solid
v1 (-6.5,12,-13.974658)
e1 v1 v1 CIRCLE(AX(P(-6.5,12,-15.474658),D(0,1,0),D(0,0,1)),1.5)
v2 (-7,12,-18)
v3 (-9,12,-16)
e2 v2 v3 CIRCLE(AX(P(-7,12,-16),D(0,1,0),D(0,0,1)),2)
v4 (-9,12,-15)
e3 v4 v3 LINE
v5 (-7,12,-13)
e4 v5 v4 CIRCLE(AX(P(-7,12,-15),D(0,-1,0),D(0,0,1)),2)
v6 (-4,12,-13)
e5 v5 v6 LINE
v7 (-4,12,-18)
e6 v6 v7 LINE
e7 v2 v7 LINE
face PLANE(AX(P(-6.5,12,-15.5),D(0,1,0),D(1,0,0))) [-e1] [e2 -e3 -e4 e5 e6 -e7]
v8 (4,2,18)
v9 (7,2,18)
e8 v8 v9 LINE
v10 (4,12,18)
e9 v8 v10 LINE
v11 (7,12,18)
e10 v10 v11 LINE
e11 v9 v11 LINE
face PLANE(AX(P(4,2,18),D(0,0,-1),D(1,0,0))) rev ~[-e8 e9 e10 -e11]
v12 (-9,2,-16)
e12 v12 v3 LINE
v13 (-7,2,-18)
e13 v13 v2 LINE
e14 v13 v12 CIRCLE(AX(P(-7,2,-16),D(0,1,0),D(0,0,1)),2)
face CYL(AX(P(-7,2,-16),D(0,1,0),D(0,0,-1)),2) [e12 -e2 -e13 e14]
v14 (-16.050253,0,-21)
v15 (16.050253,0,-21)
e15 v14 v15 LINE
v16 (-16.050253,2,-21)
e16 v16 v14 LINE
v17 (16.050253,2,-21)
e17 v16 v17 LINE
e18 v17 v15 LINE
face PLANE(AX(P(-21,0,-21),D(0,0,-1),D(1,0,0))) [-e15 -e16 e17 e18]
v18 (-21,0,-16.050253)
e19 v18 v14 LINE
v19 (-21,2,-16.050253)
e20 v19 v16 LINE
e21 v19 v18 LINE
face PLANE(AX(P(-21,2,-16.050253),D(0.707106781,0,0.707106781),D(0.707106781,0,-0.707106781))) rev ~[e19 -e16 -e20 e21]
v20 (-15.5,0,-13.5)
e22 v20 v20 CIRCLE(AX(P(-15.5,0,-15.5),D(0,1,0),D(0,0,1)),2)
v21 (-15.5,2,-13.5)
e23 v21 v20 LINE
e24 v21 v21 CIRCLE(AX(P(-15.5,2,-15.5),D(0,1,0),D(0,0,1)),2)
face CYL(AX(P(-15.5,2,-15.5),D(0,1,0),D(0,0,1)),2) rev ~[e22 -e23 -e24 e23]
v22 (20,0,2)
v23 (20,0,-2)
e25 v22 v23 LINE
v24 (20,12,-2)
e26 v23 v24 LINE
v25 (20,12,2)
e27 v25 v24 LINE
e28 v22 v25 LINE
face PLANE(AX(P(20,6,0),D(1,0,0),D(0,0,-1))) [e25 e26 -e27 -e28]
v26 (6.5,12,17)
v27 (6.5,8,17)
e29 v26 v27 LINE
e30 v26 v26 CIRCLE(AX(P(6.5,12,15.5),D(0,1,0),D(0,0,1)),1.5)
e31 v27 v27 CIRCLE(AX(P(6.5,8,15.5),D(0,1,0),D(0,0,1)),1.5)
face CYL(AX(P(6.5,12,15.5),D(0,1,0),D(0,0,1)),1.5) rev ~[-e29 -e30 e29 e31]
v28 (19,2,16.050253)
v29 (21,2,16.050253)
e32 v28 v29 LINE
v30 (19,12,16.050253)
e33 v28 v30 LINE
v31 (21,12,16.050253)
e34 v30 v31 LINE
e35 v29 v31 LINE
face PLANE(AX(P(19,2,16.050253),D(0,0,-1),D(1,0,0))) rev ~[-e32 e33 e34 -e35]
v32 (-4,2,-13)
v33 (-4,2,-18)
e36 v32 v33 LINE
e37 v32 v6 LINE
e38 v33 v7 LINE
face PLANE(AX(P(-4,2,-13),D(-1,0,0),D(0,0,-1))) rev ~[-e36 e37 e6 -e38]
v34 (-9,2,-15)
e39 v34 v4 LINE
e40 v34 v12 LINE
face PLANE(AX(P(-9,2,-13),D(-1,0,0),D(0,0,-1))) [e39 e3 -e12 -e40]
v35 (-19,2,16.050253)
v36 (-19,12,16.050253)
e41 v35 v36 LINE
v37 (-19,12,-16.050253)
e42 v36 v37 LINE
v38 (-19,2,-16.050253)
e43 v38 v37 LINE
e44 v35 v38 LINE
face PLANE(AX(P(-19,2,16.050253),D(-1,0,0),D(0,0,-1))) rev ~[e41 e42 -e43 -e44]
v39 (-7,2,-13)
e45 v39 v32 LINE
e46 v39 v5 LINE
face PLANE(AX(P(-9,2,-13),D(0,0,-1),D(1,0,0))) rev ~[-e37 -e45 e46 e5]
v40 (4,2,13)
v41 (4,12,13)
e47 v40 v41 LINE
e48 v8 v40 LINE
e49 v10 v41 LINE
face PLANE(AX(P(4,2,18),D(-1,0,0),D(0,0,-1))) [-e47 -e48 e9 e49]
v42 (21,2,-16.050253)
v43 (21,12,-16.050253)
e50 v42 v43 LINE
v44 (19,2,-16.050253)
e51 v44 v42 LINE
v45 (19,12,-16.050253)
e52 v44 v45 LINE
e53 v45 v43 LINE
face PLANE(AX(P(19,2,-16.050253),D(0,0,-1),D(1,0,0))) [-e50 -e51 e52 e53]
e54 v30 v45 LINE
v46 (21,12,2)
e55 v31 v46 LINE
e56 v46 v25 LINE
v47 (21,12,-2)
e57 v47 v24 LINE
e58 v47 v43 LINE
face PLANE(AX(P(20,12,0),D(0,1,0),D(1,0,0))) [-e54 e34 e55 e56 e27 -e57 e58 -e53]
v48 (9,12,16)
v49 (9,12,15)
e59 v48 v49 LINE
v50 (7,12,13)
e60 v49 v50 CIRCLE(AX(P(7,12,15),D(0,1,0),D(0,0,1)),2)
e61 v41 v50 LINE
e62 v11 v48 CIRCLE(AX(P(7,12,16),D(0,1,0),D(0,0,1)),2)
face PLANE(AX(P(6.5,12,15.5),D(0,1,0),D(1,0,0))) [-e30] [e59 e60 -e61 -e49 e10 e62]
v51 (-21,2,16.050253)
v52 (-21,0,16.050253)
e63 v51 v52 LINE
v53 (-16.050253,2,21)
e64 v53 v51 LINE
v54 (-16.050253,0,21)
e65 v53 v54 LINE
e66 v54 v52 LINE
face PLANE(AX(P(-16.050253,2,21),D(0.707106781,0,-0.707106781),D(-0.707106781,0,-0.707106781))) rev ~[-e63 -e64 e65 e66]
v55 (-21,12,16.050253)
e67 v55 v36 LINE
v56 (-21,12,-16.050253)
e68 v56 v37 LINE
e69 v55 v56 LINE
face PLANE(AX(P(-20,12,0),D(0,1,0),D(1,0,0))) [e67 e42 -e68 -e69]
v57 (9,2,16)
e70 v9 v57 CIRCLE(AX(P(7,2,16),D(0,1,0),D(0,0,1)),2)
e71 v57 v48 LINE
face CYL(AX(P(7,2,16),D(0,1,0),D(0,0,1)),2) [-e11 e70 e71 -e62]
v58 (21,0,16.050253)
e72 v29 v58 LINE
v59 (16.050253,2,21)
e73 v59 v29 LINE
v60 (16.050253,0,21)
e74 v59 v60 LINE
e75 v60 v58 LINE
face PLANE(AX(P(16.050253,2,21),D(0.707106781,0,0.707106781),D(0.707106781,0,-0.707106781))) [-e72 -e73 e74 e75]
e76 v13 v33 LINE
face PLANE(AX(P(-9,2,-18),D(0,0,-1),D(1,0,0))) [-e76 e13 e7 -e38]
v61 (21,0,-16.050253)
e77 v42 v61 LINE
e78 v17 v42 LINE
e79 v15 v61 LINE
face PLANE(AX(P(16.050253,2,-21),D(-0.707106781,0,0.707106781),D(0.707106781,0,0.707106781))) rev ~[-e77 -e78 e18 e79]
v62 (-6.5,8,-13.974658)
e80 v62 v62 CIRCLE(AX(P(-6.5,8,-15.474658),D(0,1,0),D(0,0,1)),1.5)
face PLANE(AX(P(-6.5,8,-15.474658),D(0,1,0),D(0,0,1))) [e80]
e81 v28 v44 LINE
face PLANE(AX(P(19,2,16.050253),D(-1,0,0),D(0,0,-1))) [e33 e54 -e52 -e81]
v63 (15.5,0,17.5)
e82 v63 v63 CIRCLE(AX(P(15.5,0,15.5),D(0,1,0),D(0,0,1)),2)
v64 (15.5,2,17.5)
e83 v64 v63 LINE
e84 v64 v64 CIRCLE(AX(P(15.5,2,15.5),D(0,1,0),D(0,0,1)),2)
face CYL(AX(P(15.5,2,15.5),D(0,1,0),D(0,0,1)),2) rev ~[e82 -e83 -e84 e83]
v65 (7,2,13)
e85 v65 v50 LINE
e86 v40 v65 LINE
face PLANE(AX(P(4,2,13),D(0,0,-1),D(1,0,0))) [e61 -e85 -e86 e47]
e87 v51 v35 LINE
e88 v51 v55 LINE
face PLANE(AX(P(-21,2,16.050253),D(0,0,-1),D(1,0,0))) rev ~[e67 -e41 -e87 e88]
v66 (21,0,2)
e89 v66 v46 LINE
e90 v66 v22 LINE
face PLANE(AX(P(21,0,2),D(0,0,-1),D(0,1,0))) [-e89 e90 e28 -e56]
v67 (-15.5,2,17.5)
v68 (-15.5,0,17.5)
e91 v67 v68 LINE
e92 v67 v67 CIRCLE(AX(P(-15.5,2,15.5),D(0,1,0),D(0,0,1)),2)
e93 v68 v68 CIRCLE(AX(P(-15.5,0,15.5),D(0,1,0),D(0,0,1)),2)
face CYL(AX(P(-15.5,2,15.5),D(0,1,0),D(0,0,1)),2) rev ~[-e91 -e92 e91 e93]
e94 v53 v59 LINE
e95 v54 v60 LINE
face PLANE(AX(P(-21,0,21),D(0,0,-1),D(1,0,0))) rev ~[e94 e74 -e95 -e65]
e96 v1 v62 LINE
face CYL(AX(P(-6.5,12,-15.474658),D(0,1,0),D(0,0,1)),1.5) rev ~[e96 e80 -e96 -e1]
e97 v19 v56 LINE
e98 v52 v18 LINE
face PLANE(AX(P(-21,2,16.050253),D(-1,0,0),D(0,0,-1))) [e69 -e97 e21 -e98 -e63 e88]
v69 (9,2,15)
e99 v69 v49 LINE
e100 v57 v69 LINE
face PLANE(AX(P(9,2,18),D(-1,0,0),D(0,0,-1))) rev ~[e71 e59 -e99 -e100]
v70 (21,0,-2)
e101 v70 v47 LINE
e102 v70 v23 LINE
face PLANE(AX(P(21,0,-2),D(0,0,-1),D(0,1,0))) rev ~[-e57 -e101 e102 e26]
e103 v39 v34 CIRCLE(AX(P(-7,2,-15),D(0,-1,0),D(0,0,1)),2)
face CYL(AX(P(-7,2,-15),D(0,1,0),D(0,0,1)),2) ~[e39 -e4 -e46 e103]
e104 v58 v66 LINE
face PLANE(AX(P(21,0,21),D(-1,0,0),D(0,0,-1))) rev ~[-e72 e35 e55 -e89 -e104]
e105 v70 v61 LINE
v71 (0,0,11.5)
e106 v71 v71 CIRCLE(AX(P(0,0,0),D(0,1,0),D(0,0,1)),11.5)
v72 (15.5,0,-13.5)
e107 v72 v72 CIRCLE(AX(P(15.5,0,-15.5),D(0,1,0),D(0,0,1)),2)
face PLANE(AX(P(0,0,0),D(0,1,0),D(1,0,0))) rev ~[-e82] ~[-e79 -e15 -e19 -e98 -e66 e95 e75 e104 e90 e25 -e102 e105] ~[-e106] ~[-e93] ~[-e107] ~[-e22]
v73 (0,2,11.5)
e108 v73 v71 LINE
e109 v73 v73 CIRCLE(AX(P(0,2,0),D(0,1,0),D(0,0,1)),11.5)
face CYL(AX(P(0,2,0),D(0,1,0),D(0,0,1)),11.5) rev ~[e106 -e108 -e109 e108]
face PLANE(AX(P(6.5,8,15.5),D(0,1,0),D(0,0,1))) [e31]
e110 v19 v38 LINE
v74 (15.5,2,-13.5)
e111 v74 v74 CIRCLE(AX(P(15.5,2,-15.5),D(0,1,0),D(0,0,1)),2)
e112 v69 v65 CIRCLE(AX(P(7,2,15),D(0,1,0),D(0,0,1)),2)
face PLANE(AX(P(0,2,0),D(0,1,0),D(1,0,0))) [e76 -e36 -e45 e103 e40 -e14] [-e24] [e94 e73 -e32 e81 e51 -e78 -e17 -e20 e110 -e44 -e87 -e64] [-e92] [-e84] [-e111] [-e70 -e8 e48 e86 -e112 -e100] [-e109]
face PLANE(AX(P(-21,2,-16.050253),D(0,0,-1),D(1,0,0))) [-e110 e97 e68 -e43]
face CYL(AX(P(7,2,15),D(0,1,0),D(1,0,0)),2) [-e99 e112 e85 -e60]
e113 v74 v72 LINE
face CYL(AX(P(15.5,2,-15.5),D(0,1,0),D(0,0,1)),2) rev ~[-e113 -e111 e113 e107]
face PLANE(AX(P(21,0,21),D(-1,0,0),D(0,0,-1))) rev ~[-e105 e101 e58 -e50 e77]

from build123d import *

# Parameters (mm, degrees)
SKETCH1_W           = 42
SKETCH1_H           = 42
BOSS_EXTRUDE1_DEPTH = 2
SKETCH2_R           = 11.5
CUT_EXTRUDE1_DEPTH  = 30.765752132
SKETCH3_R           = 2
CUT_EXTRUDE2_DEPTH  = 30.765752132
CUT_EXTRUDE3_DEPTH  = 30.765752132
SKETCH5_W           = 2
SKETCH5_H           = 32.100505064
BOSS_EXTRUDE2_DEPTH = 10
SKETCH6_W           = 5
SKETCH6_H           = 5
BOSS_EXTRUDE3_DEPTH = 10
SKETCH9_W           = 4
SKETCH9_H           = 12
CUT_EXTRUDE4_DEPTH  = 1
SKETCH11_R          = 1.5
CUT_EXTRUDE5_DEPTH  = 4
FILLET1_R           = 2


with BuildPart() as part:
    # Sketch1 → Boss-Extrude1 (new body)
    with BuildSketch(Plane(origin=(0, 0, 0), x_dir=(1, 0, 0), z_dir=(0, 1, 0))):
        Rectangle(SKETCH1_W, SKETCH1_H)
    extrude(amount=BOSS_EXTRUDE1_DEPTH)

    # Sketch2 → Cut-Extrude1 (cut, through all)
    with BuildSketch(Plane(origin=(0, 2, 0), x_dir=(1, 0, 0), z_dir=(0, 1, 0))):
        with Locations(Location((0, 0, 0), (0, 0, 270))):
            Circle(SKETCH2_R)
    extrude(amount=-CUT_EXTRUDE1_DEPTH, mode=Mode.SUBTRACT)

    # Sketch3 → Cut-Extrude2 (cut, through all)
    with BuildSketch(Plane(origin=(0, 2, 0), x_dir=(1, 0, 0), z_dir=(0, 1, 0))):
        with Locations(Location((-15.5, 15.5, 0), (0, 0, 270))):
            Circle(SKETCH3_R)
        with Locations(Location((15.5, 15.5, 0), (0, 0, 270))):
            Circle(SKETCH3_R)
        with Locations(Location((15.5, -15.5, 0), (0, 0, 270))):
            Circle(SKETCH3_R)
        with Locations(Location((-15.5, -15.5, 0), (0, 0, 270))):
            Circle(SKETCH3_R)
    extrude(amount=-CUT_EXTRUDE2_DEPTH, mode=Mode.SUBTRACT)

    # Sketch4 → Cut-Extrude3 (cut, through all)
    with BuildSketch(Plane(origin=(0, 2, 0), x_dir=(1, 0, 0), z_dir=(0, 1, 0))):
        Polygon((-21, 16.050252532), (-16.050252532, 21), (-21, 21), align=None)
        Polygon((-21, -21), (-16.050252532, -21), (-21, -16.050252532), align=None)
        Polygon((21, -21), (16.050252532, -21), (21, -16.050252532), align=None)
        Polygon((16.050252532, 21), (21, 16.050252532), (21, 21), align=None)
    extrude(amount=-CUT_EXTRUDE3_DEPTH, mode=Mode.SUBTRACT)

    # Sketch5 → Boss-Extrude2 (add)
    with BuildSketch(Plane(origin=(0, 2, 0), x_dir=(1, 0, 0), z_dir=(0, 1, 0))):
        with Locations((-20, 0)):
            Rectangle(SKETCH5_W, SKETCH5_H)
        with Locations((20, 0)):
            Rectangle(SKETCH5_W, SKETCH5_H)
    extrude(amount=BOSS_EXTRUDE2_DEPTH)

    # Sketch6 → Boss-Extrude3 (add)
    with BuildSketch(Plane(origin=(0, 2, 0), x_dir=(1, 0, 0), z_dir=(0, 1, 0))):
        with Locations((6.5, -15.5)):
            Rectangle(SKETCH6_W, SKETCH6_H)
        with Locations((-6.5, 15.5)):
            Rectangle(SKETCH6_W, SKETCH6_H)
    extrude(amount=BOSS_EXTRUDE3_DEPTH)

    # Sketch9 → Cut-Extrude4 (cut)
    with BuildSketch(Plane(origin=(21, 0, 0), x_dir=(0, 0, -1), z_dir=(1, 0, 0))):
        with Locations((0, 6)):
            Rectangle(SKETCH9_W, SKETCH9_H)
    extrude(amount=-CUT_EXTRUDE4_DEPTH, mode=Mode.SUBTRACT)

    # Sketch11 → Cut-Extrude5 (cut)
    with BuildSketch(Plane(origin=(0, 12, 0), x_dir=(1, 0, 0), z_dir=(0, 1, 0))):
        with Locations(Location((-6.5, 15.474657956, 0), (0, 0, 270))):
            Circle(SKETCH11_R)
        with Locations(Location((6.5, -15.5, 0), (0, 0, 270))):
            Circle(SKETCH11_R)
    extrude(amount=-CUT_EXTRUDE5_DEPTH, mode=Mode.SUBTRACT)

    # Fillet1
    fillet1_edges = [part.edges().sort_by_distance(p)[0] for p in [
        (9, 7, 18),
        (9, 7, 13),
        (-9, 7, -18),
        (-9, 7, -13),
    ]]
    fillet(fillet1_edges, radius=FILLET1_R)


solid = part.part
